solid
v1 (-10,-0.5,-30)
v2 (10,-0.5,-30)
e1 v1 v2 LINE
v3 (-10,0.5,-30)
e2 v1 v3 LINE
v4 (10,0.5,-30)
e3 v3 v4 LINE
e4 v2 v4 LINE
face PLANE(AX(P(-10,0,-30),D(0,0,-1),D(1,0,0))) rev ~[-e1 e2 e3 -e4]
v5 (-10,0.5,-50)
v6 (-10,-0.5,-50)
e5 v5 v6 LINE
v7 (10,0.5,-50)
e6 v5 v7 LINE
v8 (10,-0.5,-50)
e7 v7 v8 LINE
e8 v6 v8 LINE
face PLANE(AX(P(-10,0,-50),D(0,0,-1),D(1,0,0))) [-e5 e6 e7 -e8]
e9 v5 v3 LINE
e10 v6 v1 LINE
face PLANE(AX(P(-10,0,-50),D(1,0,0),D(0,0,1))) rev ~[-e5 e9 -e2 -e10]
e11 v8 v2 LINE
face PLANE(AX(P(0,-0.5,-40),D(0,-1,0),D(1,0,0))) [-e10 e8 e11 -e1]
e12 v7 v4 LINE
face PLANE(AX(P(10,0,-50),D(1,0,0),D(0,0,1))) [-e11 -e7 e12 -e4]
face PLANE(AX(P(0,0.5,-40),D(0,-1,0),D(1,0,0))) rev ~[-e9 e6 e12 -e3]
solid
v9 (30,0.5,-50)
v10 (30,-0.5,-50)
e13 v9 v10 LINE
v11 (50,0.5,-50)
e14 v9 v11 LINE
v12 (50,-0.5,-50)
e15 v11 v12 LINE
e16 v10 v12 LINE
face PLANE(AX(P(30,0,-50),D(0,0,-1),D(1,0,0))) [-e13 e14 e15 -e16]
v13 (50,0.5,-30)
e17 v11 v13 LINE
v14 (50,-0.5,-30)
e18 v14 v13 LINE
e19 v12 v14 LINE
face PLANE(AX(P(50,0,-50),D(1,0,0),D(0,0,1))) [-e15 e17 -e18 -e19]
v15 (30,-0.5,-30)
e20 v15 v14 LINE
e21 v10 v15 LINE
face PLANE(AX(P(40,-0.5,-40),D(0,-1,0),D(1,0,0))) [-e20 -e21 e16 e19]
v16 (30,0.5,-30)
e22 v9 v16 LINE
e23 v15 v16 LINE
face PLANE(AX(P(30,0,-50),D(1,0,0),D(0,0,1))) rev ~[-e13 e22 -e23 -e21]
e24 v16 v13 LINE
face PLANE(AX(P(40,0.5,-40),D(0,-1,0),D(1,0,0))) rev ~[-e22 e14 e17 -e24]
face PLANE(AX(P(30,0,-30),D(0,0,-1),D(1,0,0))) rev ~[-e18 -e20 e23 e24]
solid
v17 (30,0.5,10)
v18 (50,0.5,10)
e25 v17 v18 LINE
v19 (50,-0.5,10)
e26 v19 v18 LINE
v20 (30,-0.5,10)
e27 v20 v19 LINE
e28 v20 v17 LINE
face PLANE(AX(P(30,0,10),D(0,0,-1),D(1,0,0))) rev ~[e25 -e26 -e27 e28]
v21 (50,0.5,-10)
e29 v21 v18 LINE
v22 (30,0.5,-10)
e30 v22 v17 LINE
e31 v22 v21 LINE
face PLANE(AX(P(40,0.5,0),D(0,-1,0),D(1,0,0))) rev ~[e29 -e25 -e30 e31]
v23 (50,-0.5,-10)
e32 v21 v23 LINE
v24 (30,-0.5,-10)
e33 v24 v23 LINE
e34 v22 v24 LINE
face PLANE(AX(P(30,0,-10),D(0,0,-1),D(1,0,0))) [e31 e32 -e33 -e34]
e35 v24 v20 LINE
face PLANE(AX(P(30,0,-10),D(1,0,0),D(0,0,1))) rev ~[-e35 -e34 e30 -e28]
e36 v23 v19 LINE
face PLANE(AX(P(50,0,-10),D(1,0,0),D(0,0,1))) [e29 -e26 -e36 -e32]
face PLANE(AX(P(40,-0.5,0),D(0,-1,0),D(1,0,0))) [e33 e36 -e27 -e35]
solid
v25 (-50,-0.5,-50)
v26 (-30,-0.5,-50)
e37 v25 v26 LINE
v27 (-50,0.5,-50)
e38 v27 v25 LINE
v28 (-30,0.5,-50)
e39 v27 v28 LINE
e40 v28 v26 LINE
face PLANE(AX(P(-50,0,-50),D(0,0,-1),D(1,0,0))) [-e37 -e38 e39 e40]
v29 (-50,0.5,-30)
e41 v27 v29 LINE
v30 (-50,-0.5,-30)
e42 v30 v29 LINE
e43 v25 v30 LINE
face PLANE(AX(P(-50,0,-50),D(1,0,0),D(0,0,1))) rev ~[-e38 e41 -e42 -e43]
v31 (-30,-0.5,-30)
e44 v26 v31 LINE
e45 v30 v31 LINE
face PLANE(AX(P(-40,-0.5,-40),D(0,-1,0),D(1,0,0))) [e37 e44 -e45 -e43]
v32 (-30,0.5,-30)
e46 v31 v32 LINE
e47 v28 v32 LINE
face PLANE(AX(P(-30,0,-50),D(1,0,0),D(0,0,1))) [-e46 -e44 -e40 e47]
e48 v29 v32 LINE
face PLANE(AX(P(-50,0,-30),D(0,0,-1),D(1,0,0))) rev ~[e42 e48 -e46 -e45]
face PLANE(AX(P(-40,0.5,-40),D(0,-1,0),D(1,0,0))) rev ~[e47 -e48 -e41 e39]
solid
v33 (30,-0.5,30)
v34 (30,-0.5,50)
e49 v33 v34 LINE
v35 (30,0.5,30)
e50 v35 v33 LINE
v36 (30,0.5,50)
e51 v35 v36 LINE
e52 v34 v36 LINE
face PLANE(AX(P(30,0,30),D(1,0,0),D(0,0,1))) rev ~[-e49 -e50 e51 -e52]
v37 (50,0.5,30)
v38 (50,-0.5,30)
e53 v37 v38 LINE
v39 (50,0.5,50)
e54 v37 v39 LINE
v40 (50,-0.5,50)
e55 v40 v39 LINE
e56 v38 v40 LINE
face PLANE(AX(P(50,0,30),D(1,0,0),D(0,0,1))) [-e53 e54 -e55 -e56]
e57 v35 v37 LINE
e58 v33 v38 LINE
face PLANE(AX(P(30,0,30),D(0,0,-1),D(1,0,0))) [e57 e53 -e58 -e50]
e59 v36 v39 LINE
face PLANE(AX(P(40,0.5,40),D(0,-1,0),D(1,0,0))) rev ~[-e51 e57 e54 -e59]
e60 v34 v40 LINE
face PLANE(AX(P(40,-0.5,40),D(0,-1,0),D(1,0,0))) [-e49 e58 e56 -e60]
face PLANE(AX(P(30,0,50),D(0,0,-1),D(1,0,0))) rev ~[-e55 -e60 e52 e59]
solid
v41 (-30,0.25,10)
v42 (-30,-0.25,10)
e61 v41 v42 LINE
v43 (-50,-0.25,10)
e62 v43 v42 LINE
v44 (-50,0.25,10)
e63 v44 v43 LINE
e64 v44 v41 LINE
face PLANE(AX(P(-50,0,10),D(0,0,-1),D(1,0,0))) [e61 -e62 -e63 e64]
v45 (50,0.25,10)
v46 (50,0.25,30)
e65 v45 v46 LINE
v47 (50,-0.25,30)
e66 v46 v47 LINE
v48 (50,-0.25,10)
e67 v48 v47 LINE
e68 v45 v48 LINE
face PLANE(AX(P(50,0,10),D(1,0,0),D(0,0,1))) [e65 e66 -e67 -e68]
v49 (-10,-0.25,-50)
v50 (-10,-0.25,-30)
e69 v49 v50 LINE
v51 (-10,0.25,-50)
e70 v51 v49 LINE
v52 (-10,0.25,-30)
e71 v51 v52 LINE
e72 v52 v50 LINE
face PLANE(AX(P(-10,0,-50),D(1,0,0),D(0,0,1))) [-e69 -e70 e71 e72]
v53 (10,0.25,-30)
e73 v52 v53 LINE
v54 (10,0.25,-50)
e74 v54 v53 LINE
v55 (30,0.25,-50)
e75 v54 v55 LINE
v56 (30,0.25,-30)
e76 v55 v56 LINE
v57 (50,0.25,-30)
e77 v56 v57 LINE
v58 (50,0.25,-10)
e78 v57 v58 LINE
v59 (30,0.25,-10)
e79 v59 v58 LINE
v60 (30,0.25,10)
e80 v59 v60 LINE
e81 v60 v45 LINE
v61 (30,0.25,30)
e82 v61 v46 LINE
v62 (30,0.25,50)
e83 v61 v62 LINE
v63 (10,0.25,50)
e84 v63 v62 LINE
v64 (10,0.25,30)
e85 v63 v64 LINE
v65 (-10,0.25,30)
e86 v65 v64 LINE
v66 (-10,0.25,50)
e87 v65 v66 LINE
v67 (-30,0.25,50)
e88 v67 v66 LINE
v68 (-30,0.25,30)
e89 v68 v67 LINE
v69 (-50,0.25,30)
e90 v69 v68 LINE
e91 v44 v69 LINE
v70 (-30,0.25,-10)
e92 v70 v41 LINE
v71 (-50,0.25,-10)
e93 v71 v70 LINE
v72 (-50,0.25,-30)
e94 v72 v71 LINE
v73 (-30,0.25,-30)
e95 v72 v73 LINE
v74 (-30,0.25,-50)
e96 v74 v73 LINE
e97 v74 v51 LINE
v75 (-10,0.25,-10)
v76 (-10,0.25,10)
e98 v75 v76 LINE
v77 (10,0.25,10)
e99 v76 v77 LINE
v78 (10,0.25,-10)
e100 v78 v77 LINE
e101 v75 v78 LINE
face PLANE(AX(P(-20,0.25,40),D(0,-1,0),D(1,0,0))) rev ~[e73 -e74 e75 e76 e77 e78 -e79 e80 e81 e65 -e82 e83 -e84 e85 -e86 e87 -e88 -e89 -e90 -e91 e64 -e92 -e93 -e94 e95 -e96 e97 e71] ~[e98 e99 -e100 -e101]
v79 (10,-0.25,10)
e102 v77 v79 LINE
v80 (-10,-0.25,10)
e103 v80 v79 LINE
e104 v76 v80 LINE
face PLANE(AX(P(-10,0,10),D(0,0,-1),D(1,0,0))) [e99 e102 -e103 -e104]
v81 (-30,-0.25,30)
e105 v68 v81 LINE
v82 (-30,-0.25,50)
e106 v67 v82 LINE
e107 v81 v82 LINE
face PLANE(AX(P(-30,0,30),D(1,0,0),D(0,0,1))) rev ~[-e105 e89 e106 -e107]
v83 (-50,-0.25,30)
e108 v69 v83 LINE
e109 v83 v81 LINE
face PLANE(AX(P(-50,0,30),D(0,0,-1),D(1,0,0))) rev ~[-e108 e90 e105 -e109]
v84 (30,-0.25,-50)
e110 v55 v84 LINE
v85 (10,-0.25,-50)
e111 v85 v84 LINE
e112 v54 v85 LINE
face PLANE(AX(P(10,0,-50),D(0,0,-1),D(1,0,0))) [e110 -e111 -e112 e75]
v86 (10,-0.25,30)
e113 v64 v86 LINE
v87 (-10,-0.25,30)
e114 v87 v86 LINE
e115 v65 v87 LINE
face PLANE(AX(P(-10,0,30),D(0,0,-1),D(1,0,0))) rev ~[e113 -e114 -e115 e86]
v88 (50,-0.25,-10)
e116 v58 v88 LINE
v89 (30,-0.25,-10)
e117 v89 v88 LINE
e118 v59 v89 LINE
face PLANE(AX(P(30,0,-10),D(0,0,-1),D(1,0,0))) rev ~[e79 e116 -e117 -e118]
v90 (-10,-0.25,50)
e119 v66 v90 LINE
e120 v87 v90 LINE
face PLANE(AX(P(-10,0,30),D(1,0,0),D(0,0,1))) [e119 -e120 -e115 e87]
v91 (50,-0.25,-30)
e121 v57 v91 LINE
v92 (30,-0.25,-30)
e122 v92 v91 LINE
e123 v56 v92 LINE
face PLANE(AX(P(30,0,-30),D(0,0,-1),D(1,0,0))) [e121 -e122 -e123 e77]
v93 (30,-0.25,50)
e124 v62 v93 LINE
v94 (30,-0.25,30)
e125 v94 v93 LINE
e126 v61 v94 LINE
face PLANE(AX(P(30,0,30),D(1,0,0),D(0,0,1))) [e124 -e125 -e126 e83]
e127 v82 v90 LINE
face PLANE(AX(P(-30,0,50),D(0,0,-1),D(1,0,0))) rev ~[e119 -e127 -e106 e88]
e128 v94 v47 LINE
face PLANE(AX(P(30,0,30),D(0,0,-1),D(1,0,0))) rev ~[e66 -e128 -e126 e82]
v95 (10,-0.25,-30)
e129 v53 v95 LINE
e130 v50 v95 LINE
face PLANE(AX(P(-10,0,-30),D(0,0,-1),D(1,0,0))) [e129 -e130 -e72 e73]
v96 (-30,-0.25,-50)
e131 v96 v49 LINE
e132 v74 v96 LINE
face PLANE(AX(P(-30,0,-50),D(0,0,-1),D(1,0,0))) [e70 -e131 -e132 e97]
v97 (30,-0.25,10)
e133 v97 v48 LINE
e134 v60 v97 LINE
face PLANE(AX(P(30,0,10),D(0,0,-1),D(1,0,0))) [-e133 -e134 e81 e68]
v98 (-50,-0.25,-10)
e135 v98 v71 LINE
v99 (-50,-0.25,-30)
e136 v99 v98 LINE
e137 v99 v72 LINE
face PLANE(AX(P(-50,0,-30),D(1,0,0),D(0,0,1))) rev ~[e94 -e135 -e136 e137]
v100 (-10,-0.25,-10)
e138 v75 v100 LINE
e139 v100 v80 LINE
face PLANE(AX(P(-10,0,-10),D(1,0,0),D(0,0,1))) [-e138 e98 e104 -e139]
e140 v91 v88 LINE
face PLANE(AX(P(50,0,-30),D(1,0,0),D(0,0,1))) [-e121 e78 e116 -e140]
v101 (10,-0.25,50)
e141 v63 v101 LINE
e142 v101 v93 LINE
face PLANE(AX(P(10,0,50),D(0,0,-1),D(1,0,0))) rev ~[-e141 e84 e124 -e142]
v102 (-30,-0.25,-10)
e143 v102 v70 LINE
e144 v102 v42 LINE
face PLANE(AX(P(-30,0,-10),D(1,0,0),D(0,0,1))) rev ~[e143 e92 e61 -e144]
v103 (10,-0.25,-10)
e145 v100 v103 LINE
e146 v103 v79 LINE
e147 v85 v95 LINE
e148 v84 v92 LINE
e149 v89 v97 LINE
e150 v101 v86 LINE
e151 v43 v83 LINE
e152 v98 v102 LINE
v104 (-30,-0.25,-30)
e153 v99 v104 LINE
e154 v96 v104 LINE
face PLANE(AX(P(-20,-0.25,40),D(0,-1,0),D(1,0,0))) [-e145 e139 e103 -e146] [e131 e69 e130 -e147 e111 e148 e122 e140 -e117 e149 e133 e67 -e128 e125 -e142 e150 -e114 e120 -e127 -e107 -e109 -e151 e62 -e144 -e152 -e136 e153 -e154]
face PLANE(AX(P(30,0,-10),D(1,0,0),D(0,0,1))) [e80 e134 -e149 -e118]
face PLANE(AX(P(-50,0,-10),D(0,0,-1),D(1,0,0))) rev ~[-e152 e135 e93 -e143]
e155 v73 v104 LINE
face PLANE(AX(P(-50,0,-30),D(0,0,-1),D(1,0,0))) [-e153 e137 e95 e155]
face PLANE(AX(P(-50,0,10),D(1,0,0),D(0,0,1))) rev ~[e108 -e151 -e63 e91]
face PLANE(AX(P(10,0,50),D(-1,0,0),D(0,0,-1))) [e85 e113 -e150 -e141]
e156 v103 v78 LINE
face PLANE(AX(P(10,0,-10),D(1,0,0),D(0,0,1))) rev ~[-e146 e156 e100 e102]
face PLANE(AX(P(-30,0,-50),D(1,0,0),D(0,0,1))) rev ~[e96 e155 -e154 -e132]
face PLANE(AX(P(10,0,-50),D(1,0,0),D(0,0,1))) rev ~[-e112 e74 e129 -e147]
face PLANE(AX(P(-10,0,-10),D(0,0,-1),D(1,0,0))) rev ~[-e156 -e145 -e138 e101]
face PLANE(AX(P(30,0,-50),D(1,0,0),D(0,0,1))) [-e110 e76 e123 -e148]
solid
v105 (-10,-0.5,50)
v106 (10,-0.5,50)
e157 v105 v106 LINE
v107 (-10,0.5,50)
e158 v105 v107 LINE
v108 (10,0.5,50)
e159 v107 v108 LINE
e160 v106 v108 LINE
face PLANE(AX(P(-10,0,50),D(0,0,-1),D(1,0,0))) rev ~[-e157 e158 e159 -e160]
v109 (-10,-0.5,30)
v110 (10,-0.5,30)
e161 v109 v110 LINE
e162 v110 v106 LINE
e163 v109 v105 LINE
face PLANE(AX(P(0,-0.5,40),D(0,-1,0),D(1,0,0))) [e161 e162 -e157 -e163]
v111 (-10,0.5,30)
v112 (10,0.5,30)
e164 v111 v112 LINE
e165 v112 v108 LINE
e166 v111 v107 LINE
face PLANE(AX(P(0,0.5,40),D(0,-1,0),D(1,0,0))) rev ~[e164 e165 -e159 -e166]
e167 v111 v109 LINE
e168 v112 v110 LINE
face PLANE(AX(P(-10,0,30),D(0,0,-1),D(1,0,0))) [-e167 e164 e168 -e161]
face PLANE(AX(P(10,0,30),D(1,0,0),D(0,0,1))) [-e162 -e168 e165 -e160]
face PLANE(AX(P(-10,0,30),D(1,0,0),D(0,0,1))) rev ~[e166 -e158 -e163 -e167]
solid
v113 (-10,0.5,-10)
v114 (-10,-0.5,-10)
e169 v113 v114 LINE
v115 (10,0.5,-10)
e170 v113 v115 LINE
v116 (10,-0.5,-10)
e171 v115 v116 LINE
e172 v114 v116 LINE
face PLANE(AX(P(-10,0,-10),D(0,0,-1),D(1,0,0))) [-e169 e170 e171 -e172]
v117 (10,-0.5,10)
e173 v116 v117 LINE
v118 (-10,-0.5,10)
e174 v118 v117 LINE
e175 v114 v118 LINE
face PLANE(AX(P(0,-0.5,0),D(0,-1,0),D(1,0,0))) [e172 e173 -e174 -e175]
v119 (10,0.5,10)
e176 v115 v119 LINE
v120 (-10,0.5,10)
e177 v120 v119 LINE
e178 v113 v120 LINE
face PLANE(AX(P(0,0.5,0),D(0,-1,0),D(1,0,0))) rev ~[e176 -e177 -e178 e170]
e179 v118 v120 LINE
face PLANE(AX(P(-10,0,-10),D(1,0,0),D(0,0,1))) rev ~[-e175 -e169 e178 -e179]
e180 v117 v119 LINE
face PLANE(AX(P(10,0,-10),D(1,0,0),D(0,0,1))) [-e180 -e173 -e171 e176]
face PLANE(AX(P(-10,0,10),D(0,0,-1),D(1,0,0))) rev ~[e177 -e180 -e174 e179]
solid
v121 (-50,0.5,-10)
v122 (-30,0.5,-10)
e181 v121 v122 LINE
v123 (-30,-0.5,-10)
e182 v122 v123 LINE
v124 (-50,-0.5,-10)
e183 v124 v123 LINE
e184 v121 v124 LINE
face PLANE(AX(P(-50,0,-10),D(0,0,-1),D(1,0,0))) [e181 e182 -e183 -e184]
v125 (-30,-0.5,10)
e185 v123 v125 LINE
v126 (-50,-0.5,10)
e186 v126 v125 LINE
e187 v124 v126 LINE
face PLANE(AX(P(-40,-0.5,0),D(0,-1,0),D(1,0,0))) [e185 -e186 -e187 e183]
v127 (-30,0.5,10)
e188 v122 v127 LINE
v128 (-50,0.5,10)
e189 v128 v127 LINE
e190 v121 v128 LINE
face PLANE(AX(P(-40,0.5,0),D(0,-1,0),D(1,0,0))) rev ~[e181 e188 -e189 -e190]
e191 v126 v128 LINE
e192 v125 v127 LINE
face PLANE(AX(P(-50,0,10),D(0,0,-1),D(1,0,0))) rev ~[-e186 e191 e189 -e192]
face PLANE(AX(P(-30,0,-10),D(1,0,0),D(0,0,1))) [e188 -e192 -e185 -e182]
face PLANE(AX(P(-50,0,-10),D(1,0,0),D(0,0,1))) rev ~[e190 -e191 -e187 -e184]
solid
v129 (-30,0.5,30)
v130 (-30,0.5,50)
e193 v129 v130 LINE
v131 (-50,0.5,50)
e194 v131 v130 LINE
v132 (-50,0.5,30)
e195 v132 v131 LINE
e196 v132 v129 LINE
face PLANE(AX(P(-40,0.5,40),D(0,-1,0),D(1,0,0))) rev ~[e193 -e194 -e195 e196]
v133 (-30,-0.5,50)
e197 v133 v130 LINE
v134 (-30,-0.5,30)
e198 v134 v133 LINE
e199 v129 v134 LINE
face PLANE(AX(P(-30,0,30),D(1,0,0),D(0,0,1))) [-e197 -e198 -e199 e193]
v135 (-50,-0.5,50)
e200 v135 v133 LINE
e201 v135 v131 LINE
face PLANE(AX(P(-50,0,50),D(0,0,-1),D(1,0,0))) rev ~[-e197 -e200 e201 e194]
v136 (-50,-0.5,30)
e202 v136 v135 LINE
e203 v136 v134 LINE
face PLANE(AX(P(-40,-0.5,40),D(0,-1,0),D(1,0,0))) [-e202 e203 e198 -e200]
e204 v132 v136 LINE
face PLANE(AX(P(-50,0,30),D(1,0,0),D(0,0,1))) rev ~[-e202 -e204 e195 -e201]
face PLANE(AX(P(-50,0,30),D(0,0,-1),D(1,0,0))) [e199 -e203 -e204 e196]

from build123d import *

# Parameters (mm, degrees)
F0_W     = 20
F0_H     = 20
F1_DEPTH = 0.5
F2_DEPTH = 0.25


with BuildPart() as f1:
    # F0 (on Front) → F1 (new body, symmetric)
    with BuildSketch(Plane.XZ):
        with Locations((-40, 40)):
            Rectangle(F0_W, F0_H)
    extrude(amount=F1_DEPTH, both=True)


with BuildPart() as f1b:
    # F0 (on Front) → F1, piece 2 (new body, symmetric)
    with BuildSketch(Plane.XZ):
        with Locations((0, 40)):
            Rectangle(F0_W, F0_H)
    extrude(amount=F1_DEPTH, both=True)


with BuildPart() as f1c:
    # F0 (on Front) → F1, piece 3 (new body, symmetric)
    with BuildSketch(Plane.XZ):
        with Locations((40, 40)):
            Rectangle(F0_W, F0_H)
    extrude(amount=F1_DEPTH, both=True)


with BuildPart() as f1d:
    # F0 (on Front) → F1, piece 4 (new body, symmetric)
    with BuildSketch(Plane.XZ):
        with Locations((-40, 0)):
            Rectangle(F0_W, F0_H)
    extrude(amount=F1_DEPTH, both=True)


with BuildPart() as f1e:
    # F0 (on Front) → F1, piece 5 (new body, symmetric)
    with BuildSketch(Plane.XZ):
        Rectangle(F0_W, F0_H)
    extrude(amount=F1_DEPTH, both=True)


with BuildPart() as f1f:
    # F0 (on Front) → F1, piece 6 (new body, symmetric)
    with BuildSketch(Plane.XZ):
        with Locations((40, 0)):
            Rectangle(F0_W, F0_H)
    extrude(amount=F1_DEPTH, both=True)


with BuildPart() as f1g:
    # F0 (on Front) → F1, piece 7 (new body, symmetric)
    with BuildSketch(Plane.XZ):
        with Locations((-40, -40)):
            Rectangle(F0_W, F0_H)
    extrude(amount=F1_DEPTH, both=True)


with BuildPart() as f1h:
    # F0 (on Front) → F1, piece 8 (new body, symmetric)
    with BuildSketch(Plane.XZ):
        with Locations((0, -40)):
            Rectangle(F0_W, F0_H)
    extrude(amount=F1_DEPTH, both=True)


with BuildPart() as f1i:
    # F0 (on Front) → F1, piece 9 (new body, symmetric)
    with BuildSketch(Plane.XZ):
        with Locations((40, -40)):
            Rectangle(F0_W, F0_H)
    extrude(amount=F1_DEPTH, both=True)


with BuildPart() as f2:
    # F0 (on Front) → F2 (new body, symmetric)
    with BuildSketch(Plane.XZ):
        with Locations((-20, 40)):
            Rectangle(F0_W, F0_H)
        with Locations((-40, 20)):
            Rectangle(F0_W, F0_H)
        with Locations((-20, 20)):
            Rectangle(F0_W, F0_H)
        with Locations((20, 40)):
            Rectangle(F0_W, F0_H)
        with Locations((20, 20)):
            Rectangle(F0_W, F0_H)
        with Locations((0, 20)):
            Rectangle(F0_W, F0_H)
        with Locations((40, 20)):
            Rectangle(F0_W, F0_H)
        with Locations((20, 0)):
            Rectangle(F0_W, F0_H)
        with Locations((-20, 0)):
            Rectangle(F0_W, F0_H)
        with Locations((-40, -20)):
            Rectangle(F0_W, F0_H)
        with Locations((-20, -20)):
            Rectangle(F0_W, F0_H)
        with Locations((0, -20)):
            Rectangle(F0_W, F0_H)
        with Locations((20, -20)):
            Rectangle(F0_W, F0_H)
        with Locations((40, -20)):
            Rectangle(F0_W, F0_H)
        with Locations((20, -40)):
            Rectangle(F0_W, F0_H)
        with Locations((-20, -40)):
            Rectangle(F0_W, F0_H)
    extrude(amount=F2_DEPTH, both=True)


solid = Compound([f1.part, f1b.part, f1c.part, f1d.part, f1e.part, f1f.part, f1g.part, f1h.part, f1i.part, f2.part])
